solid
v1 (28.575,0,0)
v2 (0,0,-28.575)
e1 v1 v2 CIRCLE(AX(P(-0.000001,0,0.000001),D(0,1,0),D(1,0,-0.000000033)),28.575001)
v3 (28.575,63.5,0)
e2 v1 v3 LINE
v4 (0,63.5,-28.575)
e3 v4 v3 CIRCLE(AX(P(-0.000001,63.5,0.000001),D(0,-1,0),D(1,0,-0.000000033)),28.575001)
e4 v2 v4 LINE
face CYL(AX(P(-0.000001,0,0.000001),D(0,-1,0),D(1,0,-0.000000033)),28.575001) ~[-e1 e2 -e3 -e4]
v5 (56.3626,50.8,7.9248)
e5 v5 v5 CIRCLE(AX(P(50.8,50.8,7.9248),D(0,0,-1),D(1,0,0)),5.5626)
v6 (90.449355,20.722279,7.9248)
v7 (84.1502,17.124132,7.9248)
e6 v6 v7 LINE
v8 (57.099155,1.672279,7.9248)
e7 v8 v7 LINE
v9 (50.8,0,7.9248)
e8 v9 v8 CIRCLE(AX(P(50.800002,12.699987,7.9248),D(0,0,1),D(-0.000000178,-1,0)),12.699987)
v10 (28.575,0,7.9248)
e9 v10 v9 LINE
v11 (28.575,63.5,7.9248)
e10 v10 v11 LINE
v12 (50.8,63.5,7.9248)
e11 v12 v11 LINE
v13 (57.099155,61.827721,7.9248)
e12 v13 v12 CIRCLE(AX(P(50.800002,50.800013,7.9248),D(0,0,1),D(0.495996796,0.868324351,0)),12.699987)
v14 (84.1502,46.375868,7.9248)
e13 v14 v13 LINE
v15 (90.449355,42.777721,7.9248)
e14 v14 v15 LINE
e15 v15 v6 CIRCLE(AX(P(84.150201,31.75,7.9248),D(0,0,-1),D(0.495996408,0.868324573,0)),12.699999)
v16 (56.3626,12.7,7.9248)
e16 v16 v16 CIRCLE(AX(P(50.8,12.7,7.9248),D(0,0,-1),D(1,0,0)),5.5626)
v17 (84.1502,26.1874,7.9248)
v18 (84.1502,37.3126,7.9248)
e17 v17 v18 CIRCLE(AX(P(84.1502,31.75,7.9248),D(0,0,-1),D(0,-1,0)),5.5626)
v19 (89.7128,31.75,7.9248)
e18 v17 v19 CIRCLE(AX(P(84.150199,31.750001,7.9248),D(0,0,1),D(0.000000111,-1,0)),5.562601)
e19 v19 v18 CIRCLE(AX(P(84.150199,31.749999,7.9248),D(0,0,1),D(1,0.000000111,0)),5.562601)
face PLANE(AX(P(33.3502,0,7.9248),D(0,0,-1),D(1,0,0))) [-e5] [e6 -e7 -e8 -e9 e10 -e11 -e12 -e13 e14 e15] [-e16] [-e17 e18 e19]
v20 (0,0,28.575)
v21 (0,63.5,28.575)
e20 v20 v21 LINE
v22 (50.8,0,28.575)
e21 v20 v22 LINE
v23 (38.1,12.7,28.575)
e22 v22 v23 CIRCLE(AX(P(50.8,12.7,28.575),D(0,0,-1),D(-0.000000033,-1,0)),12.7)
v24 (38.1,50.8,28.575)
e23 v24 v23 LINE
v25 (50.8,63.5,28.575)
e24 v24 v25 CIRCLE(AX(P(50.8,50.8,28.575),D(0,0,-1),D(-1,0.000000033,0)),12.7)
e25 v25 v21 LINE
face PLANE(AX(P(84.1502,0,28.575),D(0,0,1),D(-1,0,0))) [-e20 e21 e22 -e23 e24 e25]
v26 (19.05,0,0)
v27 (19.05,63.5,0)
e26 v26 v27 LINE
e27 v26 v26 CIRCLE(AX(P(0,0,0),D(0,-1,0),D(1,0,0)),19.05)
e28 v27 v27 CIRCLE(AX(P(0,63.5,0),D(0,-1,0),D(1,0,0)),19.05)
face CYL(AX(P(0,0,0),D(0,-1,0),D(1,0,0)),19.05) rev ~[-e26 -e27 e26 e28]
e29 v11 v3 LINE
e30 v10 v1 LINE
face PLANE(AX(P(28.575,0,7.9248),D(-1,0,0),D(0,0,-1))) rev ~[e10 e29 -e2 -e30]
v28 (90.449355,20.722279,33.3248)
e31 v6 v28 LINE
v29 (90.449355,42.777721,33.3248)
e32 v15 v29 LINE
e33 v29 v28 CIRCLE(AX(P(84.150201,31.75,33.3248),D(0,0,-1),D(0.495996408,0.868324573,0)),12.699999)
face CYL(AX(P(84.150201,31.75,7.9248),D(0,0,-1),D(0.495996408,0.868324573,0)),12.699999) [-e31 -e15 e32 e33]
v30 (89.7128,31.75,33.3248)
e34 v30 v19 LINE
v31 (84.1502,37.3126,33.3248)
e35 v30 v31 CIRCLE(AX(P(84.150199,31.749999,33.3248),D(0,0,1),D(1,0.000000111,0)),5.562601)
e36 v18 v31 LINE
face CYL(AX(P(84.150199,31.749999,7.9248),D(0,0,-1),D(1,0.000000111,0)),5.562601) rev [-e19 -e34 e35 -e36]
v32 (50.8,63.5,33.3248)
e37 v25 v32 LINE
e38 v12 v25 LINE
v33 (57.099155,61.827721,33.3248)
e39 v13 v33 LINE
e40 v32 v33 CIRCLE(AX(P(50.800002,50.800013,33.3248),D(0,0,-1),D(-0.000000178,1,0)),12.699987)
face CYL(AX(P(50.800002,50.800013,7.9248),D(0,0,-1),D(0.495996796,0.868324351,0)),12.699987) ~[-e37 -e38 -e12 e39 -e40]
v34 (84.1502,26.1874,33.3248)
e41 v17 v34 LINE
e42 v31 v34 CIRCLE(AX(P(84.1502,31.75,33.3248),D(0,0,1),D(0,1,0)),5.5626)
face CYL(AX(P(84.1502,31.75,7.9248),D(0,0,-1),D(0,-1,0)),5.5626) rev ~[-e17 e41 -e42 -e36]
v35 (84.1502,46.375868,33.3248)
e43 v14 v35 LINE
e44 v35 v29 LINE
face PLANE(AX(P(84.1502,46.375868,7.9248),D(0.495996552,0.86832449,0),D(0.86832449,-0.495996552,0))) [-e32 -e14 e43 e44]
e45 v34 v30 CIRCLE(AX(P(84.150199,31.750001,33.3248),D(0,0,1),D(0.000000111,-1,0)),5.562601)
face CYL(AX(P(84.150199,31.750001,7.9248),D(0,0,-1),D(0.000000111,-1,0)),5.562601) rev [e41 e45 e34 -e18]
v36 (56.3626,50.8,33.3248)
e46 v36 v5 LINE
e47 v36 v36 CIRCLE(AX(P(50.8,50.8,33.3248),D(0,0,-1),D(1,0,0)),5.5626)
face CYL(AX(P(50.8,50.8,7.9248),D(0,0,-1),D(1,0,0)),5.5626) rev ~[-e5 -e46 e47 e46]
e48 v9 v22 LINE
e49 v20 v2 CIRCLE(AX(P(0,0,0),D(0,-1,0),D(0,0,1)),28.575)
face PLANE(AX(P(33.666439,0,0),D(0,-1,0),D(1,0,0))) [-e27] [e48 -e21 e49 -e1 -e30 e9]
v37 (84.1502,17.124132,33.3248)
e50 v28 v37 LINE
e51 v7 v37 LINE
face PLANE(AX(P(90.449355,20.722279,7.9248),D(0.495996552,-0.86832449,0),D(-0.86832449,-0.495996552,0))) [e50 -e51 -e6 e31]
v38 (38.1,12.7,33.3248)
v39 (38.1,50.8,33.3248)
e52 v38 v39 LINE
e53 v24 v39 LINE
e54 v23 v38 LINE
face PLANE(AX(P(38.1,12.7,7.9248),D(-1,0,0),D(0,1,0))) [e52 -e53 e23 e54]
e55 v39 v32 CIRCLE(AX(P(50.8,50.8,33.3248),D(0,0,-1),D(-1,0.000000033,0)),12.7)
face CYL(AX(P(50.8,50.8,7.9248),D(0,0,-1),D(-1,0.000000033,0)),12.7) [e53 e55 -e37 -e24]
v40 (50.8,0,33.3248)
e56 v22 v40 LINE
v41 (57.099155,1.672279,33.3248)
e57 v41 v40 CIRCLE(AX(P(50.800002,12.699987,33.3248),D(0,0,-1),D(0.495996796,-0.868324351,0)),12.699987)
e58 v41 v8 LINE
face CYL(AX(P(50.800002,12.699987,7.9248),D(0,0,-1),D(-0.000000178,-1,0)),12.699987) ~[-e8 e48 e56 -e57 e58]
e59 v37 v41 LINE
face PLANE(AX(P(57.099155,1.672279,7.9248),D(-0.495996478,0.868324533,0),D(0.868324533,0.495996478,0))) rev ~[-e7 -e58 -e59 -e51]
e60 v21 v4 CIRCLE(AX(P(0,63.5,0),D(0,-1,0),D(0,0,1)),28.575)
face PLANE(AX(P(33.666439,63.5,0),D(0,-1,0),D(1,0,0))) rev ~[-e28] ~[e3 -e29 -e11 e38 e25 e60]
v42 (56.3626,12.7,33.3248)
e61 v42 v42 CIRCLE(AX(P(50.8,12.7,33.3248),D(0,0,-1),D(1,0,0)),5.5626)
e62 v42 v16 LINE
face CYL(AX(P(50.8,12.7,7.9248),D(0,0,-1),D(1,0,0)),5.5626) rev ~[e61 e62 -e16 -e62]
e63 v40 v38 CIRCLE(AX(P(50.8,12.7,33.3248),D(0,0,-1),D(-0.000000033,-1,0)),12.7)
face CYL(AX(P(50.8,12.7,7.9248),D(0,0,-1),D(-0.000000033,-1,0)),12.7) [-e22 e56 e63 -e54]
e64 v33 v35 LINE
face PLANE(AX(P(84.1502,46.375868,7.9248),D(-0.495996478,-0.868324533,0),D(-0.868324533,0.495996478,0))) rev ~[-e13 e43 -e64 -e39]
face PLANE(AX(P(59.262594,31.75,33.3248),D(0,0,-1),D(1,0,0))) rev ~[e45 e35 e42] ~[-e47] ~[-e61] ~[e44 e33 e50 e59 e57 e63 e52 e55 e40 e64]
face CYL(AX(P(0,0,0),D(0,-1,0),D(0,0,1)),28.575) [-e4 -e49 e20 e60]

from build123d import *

# Parameters (mm, degrees)
F0_R      = 19.05
F1_DEPTH  = 63.5
F2_W      = 50.8
F2_H      = 36.4998
F3_DEPTH  = 63.501
F5_DEPTH  = 63.501
F6_R      = 5.5626
F7_DEPTH  = 20.6502
F8_DEPTH  = 20.6512
F9_DEPTH  = 25.4
F10_DEPTH = 25.4


with BuildPart() as f1:
    # F0 (on Front) → F1 (new body)
    with BuildSketch(Plane.XZ):
        with BuildLine():
            Line((84.1502, 28.575), (0, 28.575))
            ThreePointArc((0, 28.575), (-28.575, 0), (0, -28.575))
            Line((0, -28.575), (84.1502, -28.575))
            Line((84.1502, -28.575), (84.1502, 28.575))
        make_face()
        Circle(F0_R, mode=Mode.SUBTRACT)
    extrude(amount=-F1_DEPTH)

    # F2 (on Front) → F3 (cut, through all)
    with BuildSketch(Plane.XZ):
        with Locations((58.7502, -10.3251)):
            Rectangle(F2_W, F2_H)
    extrude(amount=-F3_DEPTH, mode=Mode.SUBTRACT)

    # F4 (on Front) → F5 (cut, through all)
    with BuildSketch(Plane.XZ):
        with BuildLine():
            ThreePointArc((28.575, 0), (20.205576, -20.205576), (0, -28.575))
            Line((0, -28.575), (33.3502, -28.575))
            Line((33.3502, -28.575), (33.3502, 7.9248))
            Line((33.3502, 7.9248), (28.575, 7.9248))
            Line((28.575, 7.9248), (28.575, 0))
        make_face()
    extrude(amount=-F5_DEPTH, mode=Mode.SUBTRACT)

    # F6 (on face) → F7 (join)
    with BuildSketch(Plane(origin=(0, 0, 7.9248), x_dir=(1, 0, 0), z_dir=(0, 0, -1))):
        with BuildLine():
            ThreePointArc((84.1502, -37.3126), (78.5876, -31.75), (84.1502, -26.1874))
            Line((84.1502, -26.1874), (84.1502, -17.124132))
            Line((84.1502, -17.124132), (57.099155, -1.672279))
            ThreePointArc((57.099155, -1.672279), (54.058676, -0.425187), (50.8, 0))
            ThreePointArc((50.8, 0), (41.819744, -3.719744), (38.1, -12.7))
            Line((38.1, -12.7), (38.1, -50.8))
            ThreePointArc((38.1, -50.8), (41.819744, -59.780256), (50.8, -63.5))
            ThreePointArc((50.8, -63.5), (54.058676, -63.074813), (57.099155, -61.827721))
            Line((57.099155, -61.827721), (84.1502, -46.375868))
            Line((84.1502, -46.375868), (84.1502, -37.3126))
        make_face()
        with Locations((50.8, -50.8)):
            Circle(F6_R, mode=Mode.SUBTRACT)
        with Locations((50.8, -12.7)):
            Circle(F6_R, mode=Mode.SUBTRACT)
        with BuildLine():
            ThreePointArc((84.1502, -26.1874), (88.083552, -27.816648), (89.7128, -31.75))
            ThreePointArc((89.7128, -31.75), (88.083552, -35.683352), (84.1502, -37.3126))
            Line((84.1502, -37.3126), (84.1502, -46.375868))
            Line((84.1502, -46.375868), (90.449355, -42.777721))
            ThreePointArc((90.449355, -42.777721), (96.8502, -31.75), (90.449355, -20.722279))
            Line((90.449355, -20.722279), (84.1502, -17.124132))
            Line((84.1502, -17.124132), (84.1502, -26.1874))
        make_face()
    extrude(amount=-F7_DEPTH)

    # F6 (on face) → F8 (cut, through all)
    with BuildSketch(Plane(origin=(0, 0, 7.9248), x_dir=(1, 0, 0), z_dir=(0, 0, -1))):
        with Locations((50.8, -12.7)):
            Circle(F6_R)
        with Locations((50.8, -50.8)):
            Circle(F6_R)
        with BuildLine():
            Line((84.1502, -37.3126), (84.1502, -26.1874))
            ThreePointArc((84.1502, -26.1874), (78.5876, -31.75), (84.1502, -37.3126))
        make_face()
    extrude(amount=-F8_DEPTH, mode=Mode.SUBTRACT)

    # F6 (on face) → F9 (cut)
    with BuildSketch(Plane(origin=(0, 0, 7.9248), x_dir=(1, 0, 0), z_dir=(0, 0, -1))):
        with BuildLine():
            Line((57.099155, -1.672279), (84.1502, -17.124132))
            Line((84.1502, -17.124132), (84.1502, 0))
            Line((84.1502, 0), (50.8, 0))
            ThreePointArc((50.8, 0), (54.058676, -0.425187), (57.099155, -1.672279))
        make_face()
        with BuildLine():
            Line((84.1502, -63.5), (84.1502, -46.375868))
            Line((84.1502, -46.375868), (57.099155, -61.827721))
            ThreePointArc((57.099155, -61.827721), (54.058676, -63.074813), (50.8, -63.5))
            Line((50.8, -63.5), (84.1502, -63.5))
        make_face()
    extrude(amount=-F9_DEPTH, mode=Mode.SUBTRACT)

    # F6 (on face) → F10 (join)
    with BuildSketch(Plane(origin=(0, 0, 7.9248), x_dir=(1, 0, 0), z_dir=(0, 0, -1))):
        with BuildLine():
            ThreePointArc((84.1502, -37.3126), (78.5876, -31.75), (84.1502, -26.1874))
            Line((84.1502, -26.1874), (84.1502, -17.124132))
            Line((84.1502, -17.124132), (57.099155, -1.672279))
            ThreePointArc((57.099155, -1.672279), (54.058676, -0.425187), (50.8, 0))
            ThreePointArc((50.8, 0), (41.819744, -3.719744), (38.1, -12.7))
            Line((38.1, -12.7), (38.1, -50.8))
            ThreePointArc((38.1, -50.8), (41.819744, -59.780256), (50.8, -63.5))
            ThreePointArc((50.8, -63.5), (54.058676, -63.074813), (57.099155, -61.827721))
            Line((57.099155, -61.827721), (84.1502, -46.375868))
            Line((84.1502, -46.375868), (84.1502, -37.3126))
        make_face()
        with Locations((50.8, -50.8)):
            Circle(F6_R, mode=Mode.SUBTRACT)
        with Locations((50.8, -12.7)):
            Circle(F6_R, mode=Mode.SUBTRACT)
        with BuildLine():
            ThreePointArc((84.1502, -26.1874), (88.083552, -27.816648), (89.7128, -31.75))
            ThreePointArc((89.7128, -31.75), (88.083552, -35.683352), (84.1502, -37.3126))
            Line((84.1502, -37.3126), (84.1502, -46.375868))
            Line((84.1502, -46.375868), (90.449355, -42.777721))
            ThreePointArc((90.449355, -42.777721), (96.8502, -31.75), (90.449355, -20.722279))
            Line((90.449355, -20.722279), (84.1502, -17.124132))
            Line((84.1502, -17.124132), (84.1502, -26.1874))
        make_face()
    extrude(amount=-F10_DEPTH)


solid = f1.part
